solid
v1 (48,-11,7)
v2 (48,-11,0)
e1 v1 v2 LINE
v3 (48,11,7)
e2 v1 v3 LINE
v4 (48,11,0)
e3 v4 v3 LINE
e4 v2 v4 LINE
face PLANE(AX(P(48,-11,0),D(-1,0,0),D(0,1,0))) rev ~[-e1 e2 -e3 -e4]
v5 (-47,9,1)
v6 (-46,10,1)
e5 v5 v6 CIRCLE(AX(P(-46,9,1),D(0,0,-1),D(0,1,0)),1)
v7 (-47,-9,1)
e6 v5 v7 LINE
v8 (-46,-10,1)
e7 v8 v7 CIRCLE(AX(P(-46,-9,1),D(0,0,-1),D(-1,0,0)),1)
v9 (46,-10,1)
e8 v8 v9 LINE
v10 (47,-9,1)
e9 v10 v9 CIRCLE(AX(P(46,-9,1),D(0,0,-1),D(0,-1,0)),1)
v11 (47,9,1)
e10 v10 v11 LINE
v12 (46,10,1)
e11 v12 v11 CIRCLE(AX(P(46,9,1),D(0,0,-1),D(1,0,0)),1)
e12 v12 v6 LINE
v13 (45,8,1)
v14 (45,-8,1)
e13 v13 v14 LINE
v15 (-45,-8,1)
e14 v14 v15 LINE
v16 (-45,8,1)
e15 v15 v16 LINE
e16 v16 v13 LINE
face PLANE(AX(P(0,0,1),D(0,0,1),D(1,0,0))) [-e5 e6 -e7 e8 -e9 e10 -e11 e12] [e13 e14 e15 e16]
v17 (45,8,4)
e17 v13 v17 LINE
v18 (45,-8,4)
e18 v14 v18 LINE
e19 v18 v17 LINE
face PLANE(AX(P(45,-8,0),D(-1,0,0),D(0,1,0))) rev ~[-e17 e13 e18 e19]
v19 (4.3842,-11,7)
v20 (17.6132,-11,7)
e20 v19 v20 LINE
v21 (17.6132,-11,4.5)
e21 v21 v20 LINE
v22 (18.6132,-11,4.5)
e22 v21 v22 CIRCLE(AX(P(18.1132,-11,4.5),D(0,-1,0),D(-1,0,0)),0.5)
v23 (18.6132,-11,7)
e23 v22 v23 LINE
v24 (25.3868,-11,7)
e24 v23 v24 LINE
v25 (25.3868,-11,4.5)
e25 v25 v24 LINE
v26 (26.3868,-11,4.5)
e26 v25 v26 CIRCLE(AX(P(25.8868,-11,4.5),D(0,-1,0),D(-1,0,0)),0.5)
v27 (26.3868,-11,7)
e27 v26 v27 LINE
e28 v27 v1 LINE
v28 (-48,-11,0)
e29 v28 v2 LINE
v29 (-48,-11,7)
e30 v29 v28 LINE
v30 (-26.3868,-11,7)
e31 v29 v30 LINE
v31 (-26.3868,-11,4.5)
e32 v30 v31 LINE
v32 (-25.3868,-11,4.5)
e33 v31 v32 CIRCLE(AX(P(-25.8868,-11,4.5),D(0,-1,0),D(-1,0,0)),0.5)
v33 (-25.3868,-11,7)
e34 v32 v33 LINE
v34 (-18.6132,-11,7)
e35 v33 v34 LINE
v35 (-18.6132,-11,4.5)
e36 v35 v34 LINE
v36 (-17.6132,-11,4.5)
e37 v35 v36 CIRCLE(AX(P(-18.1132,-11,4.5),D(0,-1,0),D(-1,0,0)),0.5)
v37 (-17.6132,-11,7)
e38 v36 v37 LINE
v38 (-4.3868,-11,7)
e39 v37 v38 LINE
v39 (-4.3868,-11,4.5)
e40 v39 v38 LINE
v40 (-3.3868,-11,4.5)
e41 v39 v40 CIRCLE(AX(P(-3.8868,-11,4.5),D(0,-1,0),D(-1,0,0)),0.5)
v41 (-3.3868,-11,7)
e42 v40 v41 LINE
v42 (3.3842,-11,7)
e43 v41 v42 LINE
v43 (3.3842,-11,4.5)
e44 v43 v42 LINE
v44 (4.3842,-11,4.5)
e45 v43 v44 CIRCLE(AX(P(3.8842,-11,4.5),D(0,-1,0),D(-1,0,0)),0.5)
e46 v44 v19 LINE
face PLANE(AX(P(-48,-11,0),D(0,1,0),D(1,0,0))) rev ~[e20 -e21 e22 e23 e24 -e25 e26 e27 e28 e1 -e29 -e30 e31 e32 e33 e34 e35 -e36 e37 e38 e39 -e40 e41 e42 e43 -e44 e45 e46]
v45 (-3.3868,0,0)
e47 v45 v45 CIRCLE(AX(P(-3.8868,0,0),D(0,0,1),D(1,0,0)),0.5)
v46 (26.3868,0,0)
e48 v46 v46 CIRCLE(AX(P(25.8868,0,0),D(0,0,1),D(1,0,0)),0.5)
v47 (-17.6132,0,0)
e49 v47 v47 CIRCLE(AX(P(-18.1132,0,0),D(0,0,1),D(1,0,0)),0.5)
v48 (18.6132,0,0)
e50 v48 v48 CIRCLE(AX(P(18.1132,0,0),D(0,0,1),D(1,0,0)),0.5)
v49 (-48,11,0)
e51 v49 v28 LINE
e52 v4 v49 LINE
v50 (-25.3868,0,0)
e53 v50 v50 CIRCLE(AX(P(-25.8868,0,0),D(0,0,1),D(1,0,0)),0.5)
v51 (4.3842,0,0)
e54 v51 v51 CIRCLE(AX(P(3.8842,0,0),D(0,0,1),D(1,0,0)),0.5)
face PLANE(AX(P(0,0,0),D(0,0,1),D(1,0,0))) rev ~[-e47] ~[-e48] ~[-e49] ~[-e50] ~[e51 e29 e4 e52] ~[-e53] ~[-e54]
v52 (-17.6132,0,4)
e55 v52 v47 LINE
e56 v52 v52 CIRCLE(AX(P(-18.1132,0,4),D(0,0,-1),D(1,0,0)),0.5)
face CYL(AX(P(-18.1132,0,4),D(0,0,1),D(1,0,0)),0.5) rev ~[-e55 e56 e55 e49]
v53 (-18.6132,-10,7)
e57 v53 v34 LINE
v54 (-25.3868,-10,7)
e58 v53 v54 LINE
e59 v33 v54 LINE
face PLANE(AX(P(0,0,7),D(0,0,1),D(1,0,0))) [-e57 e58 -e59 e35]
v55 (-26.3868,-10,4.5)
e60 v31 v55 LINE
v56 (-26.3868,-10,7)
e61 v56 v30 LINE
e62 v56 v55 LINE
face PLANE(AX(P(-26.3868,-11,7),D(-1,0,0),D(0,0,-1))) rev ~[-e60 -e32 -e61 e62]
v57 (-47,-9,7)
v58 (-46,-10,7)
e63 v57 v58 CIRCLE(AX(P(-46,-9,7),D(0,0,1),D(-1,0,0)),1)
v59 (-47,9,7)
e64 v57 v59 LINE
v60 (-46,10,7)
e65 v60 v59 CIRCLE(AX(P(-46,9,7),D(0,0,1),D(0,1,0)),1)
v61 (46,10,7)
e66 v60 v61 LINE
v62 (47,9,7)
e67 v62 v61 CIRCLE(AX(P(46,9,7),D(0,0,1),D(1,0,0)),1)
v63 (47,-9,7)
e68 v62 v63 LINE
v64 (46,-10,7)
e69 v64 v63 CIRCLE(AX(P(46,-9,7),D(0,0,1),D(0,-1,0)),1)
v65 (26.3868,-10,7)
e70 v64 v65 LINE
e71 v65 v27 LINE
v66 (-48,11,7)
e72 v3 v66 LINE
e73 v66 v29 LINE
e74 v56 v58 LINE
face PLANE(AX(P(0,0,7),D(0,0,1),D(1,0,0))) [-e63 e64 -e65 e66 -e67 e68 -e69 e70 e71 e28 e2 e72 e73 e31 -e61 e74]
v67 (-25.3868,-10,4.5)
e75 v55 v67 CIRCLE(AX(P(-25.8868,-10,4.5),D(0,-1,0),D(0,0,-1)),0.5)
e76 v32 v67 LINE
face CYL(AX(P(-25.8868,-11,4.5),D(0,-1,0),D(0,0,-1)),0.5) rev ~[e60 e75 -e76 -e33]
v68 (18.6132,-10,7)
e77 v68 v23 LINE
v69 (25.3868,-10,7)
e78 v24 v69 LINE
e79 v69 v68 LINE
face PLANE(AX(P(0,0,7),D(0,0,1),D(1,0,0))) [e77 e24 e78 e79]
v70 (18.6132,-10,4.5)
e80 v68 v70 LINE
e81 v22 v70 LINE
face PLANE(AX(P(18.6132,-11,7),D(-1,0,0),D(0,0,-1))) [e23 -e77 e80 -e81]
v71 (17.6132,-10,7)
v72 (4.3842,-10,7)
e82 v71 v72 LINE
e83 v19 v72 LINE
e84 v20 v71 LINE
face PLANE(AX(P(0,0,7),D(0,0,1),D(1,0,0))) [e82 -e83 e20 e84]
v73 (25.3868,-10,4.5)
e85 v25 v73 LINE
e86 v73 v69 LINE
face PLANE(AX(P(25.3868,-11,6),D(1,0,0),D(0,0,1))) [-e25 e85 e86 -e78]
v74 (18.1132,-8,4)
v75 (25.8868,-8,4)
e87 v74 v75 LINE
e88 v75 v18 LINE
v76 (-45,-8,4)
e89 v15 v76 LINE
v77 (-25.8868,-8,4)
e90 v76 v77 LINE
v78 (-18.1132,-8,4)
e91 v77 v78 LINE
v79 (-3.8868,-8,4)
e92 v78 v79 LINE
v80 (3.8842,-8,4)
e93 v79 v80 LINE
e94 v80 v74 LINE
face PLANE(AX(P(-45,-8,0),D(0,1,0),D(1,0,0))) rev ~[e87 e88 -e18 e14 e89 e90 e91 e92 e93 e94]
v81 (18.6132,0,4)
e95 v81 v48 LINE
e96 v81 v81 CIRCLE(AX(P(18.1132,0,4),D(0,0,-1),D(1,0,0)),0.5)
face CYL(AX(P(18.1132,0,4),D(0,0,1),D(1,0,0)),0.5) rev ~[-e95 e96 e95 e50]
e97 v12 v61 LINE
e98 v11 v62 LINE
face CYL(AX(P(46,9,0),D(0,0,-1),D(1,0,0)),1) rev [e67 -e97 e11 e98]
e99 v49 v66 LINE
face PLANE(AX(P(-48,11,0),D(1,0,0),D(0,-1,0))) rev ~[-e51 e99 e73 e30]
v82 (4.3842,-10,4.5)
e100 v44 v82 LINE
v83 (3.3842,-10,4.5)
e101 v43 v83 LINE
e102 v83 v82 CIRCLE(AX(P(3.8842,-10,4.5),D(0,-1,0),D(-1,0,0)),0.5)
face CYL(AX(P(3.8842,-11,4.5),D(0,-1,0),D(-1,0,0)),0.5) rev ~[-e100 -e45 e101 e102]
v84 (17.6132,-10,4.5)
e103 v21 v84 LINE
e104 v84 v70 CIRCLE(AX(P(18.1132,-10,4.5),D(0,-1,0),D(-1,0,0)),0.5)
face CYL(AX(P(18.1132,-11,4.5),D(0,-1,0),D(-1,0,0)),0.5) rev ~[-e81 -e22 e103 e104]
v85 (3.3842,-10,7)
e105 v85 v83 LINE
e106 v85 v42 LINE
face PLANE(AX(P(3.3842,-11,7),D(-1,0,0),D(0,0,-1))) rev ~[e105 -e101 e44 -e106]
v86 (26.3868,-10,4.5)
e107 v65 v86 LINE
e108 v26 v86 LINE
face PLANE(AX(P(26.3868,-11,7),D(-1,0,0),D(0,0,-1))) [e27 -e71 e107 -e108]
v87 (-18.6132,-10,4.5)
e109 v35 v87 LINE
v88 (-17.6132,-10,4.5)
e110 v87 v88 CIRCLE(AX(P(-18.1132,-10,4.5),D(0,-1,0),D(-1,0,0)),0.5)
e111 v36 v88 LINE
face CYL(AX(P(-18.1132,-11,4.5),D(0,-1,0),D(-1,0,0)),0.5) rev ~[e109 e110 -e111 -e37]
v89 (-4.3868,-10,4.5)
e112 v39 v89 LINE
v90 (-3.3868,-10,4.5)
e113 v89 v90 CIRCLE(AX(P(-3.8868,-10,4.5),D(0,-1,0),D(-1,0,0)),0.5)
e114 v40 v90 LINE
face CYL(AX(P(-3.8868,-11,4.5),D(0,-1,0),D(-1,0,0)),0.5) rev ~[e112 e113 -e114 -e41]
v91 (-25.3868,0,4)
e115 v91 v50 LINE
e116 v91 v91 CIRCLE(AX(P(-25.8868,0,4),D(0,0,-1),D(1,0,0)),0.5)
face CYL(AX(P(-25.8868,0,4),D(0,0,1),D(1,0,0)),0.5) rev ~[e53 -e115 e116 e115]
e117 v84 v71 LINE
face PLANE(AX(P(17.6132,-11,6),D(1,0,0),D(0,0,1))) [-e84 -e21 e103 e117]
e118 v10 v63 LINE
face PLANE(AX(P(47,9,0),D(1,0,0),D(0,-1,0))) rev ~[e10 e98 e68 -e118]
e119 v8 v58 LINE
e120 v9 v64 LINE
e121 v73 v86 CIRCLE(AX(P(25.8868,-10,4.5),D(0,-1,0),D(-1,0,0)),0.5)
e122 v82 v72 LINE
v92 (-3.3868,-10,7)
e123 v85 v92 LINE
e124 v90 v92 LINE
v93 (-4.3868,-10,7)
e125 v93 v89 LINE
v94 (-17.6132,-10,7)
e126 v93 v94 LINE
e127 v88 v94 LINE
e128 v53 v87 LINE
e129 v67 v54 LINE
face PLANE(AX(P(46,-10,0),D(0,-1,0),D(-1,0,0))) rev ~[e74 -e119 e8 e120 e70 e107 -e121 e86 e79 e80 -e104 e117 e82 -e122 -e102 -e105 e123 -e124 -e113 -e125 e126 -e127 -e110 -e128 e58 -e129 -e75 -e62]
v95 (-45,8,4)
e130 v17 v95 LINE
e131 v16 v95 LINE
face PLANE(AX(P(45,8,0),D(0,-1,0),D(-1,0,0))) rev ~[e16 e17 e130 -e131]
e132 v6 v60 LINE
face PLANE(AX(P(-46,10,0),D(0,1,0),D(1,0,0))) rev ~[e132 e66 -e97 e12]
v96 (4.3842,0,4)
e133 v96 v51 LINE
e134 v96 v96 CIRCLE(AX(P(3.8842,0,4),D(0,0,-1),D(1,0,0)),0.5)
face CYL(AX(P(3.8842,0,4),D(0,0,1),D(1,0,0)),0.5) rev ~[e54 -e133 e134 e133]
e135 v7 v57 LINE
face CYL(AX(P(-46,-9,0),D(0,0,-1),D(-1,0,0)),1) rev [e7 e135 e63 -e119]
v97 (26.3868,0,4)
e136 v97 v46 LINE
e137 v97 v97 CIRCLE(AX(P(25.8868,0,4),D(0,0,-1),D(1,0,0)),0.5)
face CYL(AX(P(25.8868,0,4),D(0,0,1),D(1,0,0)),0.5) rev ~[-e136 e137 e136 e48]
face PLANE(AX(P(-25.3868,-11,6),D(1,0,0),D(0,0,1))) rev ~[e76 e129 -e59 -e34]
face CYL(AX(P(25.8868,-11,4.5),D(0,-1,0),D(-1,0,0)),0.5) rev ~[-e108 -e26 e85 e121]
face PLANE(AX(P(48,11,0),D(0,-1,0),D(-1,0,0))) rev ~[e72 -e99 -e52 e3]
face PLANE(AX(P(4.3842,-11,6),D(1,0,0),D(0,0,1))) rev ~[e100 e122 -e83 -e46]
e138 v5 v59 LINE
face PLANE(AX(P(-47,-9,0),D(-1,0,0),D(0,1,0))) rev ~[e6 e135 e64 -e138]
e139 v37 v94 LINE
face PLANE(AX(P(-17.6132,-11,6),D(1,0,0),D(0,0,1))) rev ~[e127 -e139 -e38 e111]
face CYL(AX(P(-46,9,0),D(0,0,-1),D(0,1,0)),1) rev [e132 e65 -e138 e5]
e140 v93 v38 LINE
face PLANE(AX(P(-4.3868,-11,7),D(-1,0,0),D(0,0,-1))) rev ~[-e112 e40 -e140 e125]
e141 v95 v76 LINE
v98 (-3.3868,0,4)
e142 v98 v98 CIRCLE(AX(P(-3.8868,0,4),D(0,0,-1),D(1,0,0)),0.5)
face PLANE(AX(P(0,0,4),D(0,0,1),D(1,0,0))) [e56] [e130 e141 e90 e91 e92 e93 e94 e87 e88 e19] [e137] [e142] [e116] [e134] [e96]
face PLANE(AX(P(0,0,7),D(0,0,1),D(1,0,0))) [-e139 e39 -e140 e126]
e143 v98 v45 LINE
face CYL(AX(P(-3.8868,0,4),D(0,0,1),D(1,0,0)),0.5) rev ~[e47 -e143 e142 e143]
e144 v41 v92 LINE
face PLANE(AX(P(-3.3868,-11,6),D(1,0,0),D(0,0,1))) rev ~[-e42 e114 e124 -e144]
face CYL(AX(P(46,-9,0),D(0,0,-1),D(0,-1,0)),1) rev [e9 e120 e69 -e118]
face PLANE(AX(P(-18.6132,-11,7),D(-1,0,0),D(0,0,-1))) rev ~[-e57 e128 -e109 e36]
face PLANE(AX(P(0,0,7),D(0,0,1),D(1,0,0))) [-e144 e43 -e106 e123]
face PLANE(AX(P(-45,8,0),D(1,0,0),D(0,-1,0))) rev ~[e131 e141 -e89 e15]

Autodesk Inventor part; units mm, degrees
ref_plane "YZ Plane" through (0, 0, 0) normal (1, 0, 0) x (0, 1, 0)
ref_plane "XZ Plane" through (0, 0, 0) normal (0, 1, 0) x (-1, 0, 0)
ref_plane "XY Plane" through (0, 0, 0) normal (0, 0, 1) x (1, 0, 0)
sketch "Sketch2" plane through (0, 0, 0) normal (0, 0, 1) x (1, 0, 0)
  line L0 (-46, 10) -> (46, 10)
  line L1 (47, 9) -> (47, -9)
  line L2 (46, -10) -> (-46, -10)
  line L3 (-47, -9) -> (-47, 9)
  line L4 (-47, 10) -> (47, -10) construction
  line L5 (47, 10) -> (-47, -10) construction
  line L6 (45, 8) -> (-45, 8)
  line L7 (-45, 8) -> (-45, -8)
  line L8 (-45, -8) -> (45, -8)
  line L9 (45, -8) -> (45, 8)
  line L10 (48, 11) -> (-48, 11)
  line L11 (-48, 11) -> (-48, -11)
  line L12 (-48, -11) -> (48, -11)
  line L13 (48, -11) -> (48, 11)
  arc A0 (47, 9) -> (46, 10) centre (46, 9) ccw
  arc A1 (46, -10) -> (47, -9) centre (46, -9) ccw
  arc A2 (-47, -9) -> (-46, -10) centre (-46, -9) ccw
  arc A3 (-46, 10) -> (-47, 9) centre (-46, 9) ccw
  point P0 (0, 0)
  dimension "d0" = 94
  dimension "d1" = 20
  dimension "d2" = 2
  dimension "d3" = 1
  dimension "d10" = 1
  dimension "d40" = 90
extrude "Extrusion1" add sketch "Sketch2" along normal blind 1 contours L0 A0 L1 A1 L2 A2 L3 A3 | L9 L8 L7 L6 | L13 L12 L11 L10
extrude "Extrusion2" add sketch "Sketch2" along normal blind 7 contours L13 L12 L11 L10
extrude "Extrusion3" add sketch "Sketch2" along normal blind 4 contours L9 L8 L7 L6
sketch "Sketch4" plane through (-48, -11, 0) normal (0, -1, 0) x (1, 0, 0)
  circle A0 centre (22.1132, 6) radius 0.5
  circle A1 centre (29.8868, 6) radius 0.5
  circle A2 centre (44.1132, 6) radius 0.5
  circle A3 centre (51.8842, 6) radius 0.5
  circle A4 centre (66.1132, 6) radius 0.5
  circle A5 centre (73.8868, 6) radius 0.5
  line L0 (0, 6) -> (96, 6)
  line L1 (96, 7) -> (0, 7) projected
  line L2 (22.1132, 4) -> (22.1132, 4)
  line L3 (22.6132, 4.5) -> (22.6132, 8)
  line L4 (22.6132, 8) -> (21.6132, 8)
  line L5 (21.6132, 8) -> (21.6132, 4.5)
  line L6 (21.6132, 4) -> (22.6132, 8) construction
  line L7 (22.6132, 4) -> (21.6132, 8) construction
  line L8 (29.8868, 4) -> (29.8868, 4)
  line L9 (30.3868, 4.5) -> (30.3868, 8)
  line L10 (30.3868, 8) -> (29.3868, 8)
  line L11 (29.3868, 8) -> (29.3868, 4.5)
  line L12 (29.3868, 4) -> (30.3868, 8) construction
  line L13 (30.3868, 4) -> (29.3868, 8) construction
  line L14 (44.1132, 4) -> (44.1132, 4)
  line L15 (44.6132, 4.5) -> (44.6132, 8)
  line L16 (44.6132, 8) -> (43.6132, 8)
  line L17 (43.6132, 8) -> (43.6132, 4.5)
  line L18 (43.6132, 4) -> (44.6132, 8) construction
  line L19 (44.6132, 4) -> (43.6132, 8) construction
  line L20 (51.8842, 4) -> (51.8842, 4)
  line L21 (52.3842, 4.5) -> (52.3842, 8)
  line L22 (52.3842, 8) -> (51.3842, 8)
  line L23 (51.3842, 8) -> (51.3842, 4.5)
  line L24 (51.3842, 4) -> (52.3842, 8) construction
  line L25 (52.3842, 4) -> (51.3842, 8) construction
  line L26 (66.1132, 4) -> (66.1132, 4)
  line L27 (65.6132, 4.5) -> (65.6132, 8)
  line L28 (65.6132, 8) -> (66.6132, 8)
  line L29 (66.6132, 8) -> (66.6132, 4.5)
  line L30 (66.6132, 4) -> (65.6132, 8) construction
  line L31 (65.6132, 4) -> (66.6132, 8) construction
  line L32 (73.8868, 4) -> (73.8868, 4)
  line L33 (73.3868, 4.5) -> (73.3868, 8)
  line L34 (73.3868, 8) -> (74.3868, 8)
  line L35 (74.3868, 8) -> (74.3868, 4.5)
  line L36 (74.3868, 4) -> (73.3868, 8) construction
  line L37 (73.3868, 4) -> (74.3868, 8) construction
  arc A6 (21.6132, 4.5) -> (22.1132, 4) centre (22.1132, 4.5) ccw
  arc A7 (22.1132, 4) -> (22.6132, 4.5) centre (22.1132, 4.5) ccw
  arc A8 (29.3868, 4.5) -> (29.8868, 4) centre (29.8868, 4.5) ccw
  arc A9 (29.8868, 4) -> (30.3868, 4.5) centre (29.8868, 4.5) ccw
  arc A10 (43.6132, 4.5) -> (44.1132, 4) centre (44.1132, 4.5) ccw
  arc A11 (44.1132, 4) -> (44.6132, 4.5) centre (44.1132, 4.5) ccw
  arc A12 (51.3842, 4.5) -> (51.8842, 4) centre (51.8842, 4.5) ccw
  arc A13 (51.8842, 4) -> (52.3842, 4.5) centre (51.8842, 4.5) ccw
  arc A14 (65.6132, 4.5) -> (66.1132, 4) centre (66.1132, 4.5) ccw
  arc A15 (66.1132, 4) -> (66.6132, 4.5) centre (66.1132, 4.5) ccw
  arc A16 (73.3868, 4.5) -> (73.8868, 4) centre (73.8868, 4.5) ccw
  arc A17 (73.8868, 4) -> (74.3868, 4.5) centre (73.8868, 4.5) ccw
  point P0 (96, 0)
  point P1 (69, 6)
  point P2 (71, 6)
  point P3 (49, 6)
  point P4 (47, 6)
  point P5 (27, 6)
  point P6 (25, 6)
  point P7 (22.1132, 4)
  dimension "d59" = 1
  dimension "d60" = 1
  dimension "d61" = 1
  dimension "d62" = 1
  dimension "d63" = 1
  dimension "d64" = 1
  dimension "d65" = 1
  dimension "d66" = 4
  dimension "d67" = 1
  dimension "d68" = 4
  dimension "d69" = 1
  dimension "d70" = 4
  dimension "d71" = 1
  dimension "d72" = 4
  dimension "d73" = 1
  dimension "d74" = 4
  dimension "d75" = 1
  dimension "d76" = 4
  dimension "d81" = 0.5
sketch "Sketch3" plane through (0, 0, 4) normal (0, 0, 1) x (1, 0, 0)
  line L0 (-53.1158, -1) -> (46.8842, -1) construction
  line L1 (43, 0) -> (23, 0) construction
  line L2 (23, 0) -> (23, 5) construction
  line L3 (23, 5) -> (43, 5) construction
  line L4 (43, 5) -> (43, 0) construction
  line L5 (23, 0) -> (23, 5.2137) construction
  line L6 (43, 0) -> (40.1132, 5) construction
  line L7 (46.8842, -1) -> (46.8842, 4.7735) construction
  line L8 (23, 0) -> (25.8868, 5) construction
  line L9 (23, 0) -> (23, 4.6279) construction
  line L10 (21, 0) -> (18.1132, 5) construction
  line L11 (1, 5) -> (21, 5) construction
  line L12 (1, 0) -> (3.8868, 5) construction
  line L13 (-1, 0) -> (-3.8868, 5) construction
  line L14 (-21, 5) -> (-1, 5) construction
  line L15 (-21, 0) -> (-18.1132, 5) construction
  line L16 (-23, 0) -> (-25.8868, 5) construction
  line L17 (-43, 5) -> (-23, 5) construction
  line L18 (-43, 0) -> (-40.1132, 5) construction
  line L19 (43, 5) -> (-43, 5) construction
  line L20 (0, 5) -> (0, 5) construction
  circle A0 centre (-25.8868, 0) radius 0.5
  circle A1 centre (-18.1132, 0) radius 0.5
  circle A2 centre (-3.8868, 0) radius 0.5
  circle A3 centre (3.8842, 0) radius 0.5
  circle A4 centre (18.1132, 0) radius 0.5
  circle A5 centre (25.8868, 0) radius 0.5
  line L21 (-45, 8) -> (-45, -8) projected
  line L22 (45, -8) -> (45, 8) projected
  line L23 (-48, 11) -> (-48, -11) projected
  line L24 (-48, 0) -> (48, 0)
  line L25 (48, -11) -> (48, 11) projected
  point P0 (3.8842, 4)
  dimension "d45" = 20
  dimension "d46" = 5
  dimension "d47" = 30
  dimension "d48" = 30
  dimension "d49" = 22
  dimension "d52" = 0
  dimension "d53" = 1
  dimension "d54" = 1
  dimension "d55" = 1
  dimension "d56" = 1
  dimension "d57" = 1
  dimension "d58" = 1
extrude "Extrusion4" cut sketch "Sketch4" against normal blind 10 contours L0 A0 | L3 A7 A6 L5 A0 | A0 L0 | A0 L5 L1 L3 | L11 L1 L9 A1 | L0 A1 | A1 L0 | A1 L9 A9 A8 L11 | L1 L5 L4 L3 | L11 L10 L9 L1 | L17 L1 L15 A2 | L0 A2 | A2 L0 | A2 L15 A11 A10 L17 | L17 L16 L15 L1 | L23 L1 L21 A3 | L0 A3 | A3 L0 | A3 L21 A13 A12 L23 | L23 L22 L21 L1 | L27 L1 L29 A4 | L0 A4 | A4 L0 | A4 L29 A15 A14 L27 | L27 L28 L29 L1 | L33 L1 L35 A5 | L0 A5 | A5 L0 | A5 L35 A17 A16 L33 | L33 L34 L35 L1
extrude "Extrusion5" cut sketch "Sketch3" against normal blind 10
properties part number "sdm_finger_eit_chamber_mould"
